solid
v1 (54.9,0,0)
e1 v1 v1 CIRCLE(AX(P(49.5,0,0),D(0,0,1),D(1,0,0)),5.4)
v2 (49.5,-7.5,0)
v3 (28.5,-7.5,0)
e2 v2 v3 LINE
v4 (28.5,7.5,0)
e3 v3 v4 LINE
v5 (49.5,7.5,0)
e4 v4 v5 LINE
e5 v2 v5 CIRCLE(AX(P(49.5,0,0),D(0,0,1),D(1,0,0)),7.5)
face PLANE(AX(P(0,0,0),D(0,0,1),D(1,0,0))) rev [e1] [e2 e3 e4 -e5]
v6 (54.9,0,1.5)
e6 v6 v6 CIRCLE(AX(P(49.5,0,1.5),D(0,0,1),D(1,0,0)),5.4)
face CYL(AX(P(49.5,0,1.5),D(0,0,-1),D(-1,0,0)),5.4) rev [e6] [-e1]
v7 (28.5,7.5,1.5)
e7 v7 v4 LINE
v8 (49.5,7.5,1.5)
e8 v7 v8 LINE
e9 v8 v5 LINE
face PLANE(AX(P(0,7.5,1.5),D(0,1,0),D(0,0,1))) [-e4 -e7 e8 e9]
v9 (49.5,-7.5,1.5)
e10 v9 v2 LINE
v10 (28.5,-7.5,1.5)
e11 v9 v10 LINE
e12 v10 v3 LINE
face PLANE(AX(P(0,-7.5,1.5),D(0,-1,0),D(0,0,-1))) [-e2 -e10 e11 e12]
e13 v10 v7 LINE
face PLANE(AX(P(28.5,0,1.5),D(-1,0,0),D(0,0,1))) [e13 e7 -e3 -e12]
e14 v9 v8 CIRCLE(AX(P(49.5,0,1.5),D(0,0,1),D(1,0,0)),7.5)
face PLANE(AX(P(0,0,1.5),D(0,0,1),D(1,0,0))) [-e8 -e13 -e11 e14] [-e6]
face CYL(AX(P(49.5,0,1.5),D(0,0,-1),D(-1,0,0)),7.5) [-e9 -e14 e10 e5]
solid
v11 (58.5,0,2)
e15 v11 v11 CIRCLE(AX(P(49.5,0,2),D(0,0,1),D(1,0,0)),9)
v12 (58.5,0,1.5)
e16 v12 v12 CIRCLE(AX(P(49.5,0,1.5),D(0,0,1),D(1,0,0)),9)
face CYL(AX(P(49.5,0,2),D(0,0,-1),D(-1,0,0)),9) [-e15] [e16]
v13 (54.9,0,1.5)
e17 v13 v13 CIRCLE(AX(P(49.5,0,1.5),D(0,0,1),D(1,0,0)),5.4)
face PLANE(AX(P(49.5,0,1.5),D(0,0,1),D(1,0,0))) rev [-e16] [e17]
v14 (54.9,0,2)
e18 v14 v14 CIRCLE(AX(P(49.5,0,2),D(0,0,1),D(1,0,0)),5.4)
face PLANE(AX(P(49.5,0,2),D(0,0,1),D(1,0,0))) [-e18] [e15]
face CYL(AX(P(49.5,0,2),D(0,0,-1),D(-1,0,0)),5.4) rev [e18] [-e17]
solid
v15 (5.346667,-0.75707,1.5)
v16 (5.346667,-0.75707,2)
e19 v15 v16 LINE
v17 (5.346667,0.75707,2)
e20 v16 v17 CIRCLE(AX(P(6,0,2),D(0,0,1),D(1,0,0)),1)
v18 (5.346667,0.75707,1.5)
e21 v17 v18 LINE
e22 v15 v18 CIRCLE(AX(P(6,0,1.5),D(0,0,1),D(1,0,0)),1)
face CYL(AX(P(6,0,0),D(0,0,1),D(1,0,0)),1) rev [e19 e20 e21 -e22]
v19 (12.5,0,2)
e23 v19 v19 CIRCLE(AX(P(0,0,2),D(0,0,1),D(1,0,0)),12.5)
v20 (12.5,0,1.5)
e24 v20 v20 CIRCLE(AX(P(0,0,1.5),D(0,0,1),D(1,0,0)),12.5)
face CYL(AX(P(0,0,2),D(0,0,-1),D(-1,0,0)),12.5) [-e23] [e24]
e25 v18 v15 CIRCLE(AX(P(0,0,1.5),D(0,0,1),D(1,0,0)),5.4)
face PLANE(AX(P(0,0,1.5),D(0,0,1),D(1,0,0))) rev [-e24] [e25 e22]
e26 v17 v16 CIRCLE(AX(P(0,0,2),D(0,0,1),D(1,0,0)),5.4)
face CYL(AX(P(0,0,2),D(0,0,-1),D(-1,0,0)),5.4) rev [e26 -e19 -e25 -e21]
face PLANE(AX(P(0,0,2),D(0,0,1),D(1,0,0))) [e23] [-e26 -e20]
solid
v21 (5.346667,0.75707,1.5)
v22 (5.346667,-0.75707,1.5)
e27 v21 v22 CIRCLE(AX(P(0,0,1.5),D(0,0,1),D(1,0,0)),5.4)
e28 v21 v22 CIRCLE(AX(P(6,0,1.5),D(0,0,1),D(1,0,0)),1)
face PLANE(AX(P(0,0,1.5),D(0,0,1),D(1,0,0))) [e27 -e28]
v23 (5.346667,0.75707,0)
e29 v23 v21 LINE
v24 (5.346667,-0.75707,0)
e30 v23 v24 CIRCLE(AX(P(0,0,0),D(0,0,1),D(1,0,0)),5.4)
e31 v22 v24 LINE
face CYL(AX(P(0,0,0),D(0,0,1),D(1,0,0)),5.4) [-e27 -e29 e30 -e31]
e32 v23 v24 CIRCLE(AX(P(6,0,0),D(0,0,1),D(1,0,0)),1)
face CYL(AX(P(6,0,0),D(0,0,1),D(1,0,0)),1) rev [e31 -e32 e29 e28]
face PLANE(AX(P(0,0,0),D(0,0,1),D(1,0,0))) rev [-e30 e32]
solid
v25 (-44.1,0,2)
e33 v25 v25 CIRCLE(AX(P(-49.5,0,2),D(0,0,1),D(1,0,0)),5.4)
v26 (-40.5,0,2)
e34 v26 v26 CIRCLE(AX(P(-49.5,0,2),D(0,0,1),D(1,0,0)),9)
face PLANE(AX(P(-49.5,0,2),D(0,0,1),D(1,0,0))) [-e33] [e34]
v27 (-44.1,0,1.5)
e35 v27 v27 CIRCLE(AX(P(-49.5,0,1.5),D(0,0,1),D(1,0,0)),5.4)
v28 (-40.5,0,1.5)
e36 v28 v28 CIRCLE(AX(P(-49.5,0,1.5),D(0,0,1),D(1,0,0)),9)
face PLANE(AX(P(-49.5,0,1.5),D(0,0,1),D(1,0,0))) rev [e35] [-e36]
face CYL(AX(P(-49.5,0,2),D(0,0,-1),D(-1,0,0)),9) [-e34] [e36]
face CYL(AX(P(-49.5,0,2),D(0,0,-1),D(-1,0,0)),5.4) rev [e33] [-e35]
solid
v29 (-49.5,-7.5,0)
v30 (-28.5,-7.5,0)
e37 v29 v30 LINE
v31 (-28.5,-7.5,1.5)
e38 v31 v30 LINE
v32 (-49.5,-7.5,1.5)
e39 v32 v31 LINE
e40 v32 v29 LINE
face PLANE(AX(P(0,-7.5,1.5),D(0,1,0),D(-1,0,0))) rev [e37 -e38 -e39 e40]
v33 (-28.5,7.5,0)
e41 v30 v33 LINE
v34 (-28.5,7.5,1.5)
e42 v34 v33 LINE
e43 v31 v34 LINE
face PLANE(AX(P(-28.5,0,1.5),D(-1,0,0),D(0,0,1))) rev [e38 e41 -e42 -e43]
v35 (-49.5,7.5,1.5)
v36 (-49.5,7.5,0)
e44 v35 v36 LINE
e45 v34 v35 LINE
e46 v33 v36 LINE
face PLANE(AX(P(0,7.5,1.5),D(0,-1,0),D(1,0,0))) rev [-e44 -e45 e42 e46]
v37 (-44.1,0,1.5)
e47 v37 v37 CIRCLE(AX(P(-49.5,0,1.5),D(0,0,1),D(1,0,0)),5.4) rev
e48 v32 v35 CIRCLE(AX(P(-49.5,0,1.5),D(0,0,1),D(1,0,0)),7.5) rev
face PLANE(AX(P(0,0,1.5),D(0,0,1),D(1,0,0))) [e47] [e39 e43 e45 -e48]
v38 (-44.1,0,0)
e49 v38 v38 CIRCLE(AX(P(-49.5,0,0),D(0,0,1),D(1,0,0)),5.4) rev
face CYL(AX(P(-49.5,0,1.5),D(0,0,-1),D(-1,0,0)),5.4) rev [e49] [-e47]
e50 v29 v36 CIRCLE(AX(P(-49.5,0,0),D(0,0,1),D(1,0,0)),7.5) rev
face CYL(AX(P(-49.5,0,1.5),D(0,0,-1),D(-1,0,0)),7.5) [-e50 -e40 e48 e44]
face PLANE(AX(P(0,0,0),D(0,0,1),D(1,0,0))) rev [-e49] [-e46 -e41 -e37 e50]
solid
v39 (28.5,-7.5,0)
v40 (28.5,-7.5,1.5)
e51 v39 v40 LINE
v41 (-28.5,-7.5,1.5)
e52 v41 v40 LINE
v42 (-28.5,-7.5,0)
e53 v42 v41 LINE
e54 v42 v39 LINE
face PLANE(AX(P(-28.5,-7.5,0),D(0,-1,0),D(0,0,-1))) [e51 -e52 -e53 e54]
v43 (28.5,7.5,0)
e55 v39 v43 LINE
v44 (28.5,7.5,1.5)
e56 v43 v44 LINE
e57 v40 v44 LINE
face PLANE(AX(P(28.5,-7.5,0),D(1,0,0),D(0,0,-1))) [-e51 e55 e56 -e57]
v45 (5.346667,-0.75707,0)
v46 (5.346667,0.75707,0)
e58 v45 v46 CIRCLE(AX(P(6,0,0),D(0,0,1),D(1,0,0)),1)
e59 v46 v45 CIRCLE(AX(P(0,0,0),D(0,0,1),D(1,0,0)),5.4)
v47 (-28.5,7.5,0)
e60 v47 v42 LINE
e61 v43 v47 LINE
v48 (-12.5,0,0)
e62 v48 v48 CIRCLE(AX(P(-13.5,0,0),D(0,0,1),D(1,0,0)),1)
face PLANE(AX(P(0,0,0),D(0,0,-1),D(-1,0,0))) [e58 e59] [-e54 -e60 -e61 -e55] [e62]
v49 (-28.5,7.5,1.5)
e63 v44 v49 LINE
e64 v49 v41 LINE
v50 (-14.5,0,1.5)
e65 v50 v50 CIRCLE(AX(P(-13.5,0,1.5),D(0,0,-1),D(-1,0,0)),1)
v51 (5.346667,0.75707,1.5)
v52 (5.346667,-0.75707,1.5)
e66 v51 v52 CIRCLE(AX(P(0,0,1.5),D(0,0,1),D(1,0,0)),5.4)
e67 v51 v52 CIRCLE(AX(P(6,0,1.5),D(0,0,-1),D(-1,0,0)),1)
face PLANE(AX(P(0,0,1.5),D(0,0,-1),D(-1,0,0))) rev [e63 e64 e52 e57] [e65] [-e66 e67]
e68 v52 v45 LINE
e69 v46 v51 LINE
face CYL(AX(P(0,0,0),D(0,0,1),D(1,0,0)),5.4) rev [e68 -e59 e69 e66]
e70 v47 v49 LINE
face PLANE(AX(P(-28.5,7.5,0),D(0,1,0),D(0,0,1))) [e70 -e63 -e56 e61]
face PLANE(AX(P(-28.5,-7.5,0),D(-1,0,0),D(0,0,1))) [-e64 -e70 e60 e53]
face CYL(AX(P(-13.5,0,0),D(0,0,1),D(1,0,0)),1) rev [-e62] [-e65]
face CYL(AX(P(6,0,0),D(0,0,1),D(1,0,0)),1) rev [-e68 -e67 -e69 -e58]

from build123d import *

# Parameters (mm, degrees)
SKETCH1_R               = 5.4
BOSS_EXTRUDE1_DEPTH     = 1.5
BOSS_EXTRUDE1_2_DEPTH   = 1.5
SKETCH2_W               = 57
SKETCH2_H               = 15
SKETCH2_R               = 5.4
BOSS_EXTRUDE2_DEPTH     = 1.5
SKETCH3_R               = 12.5
SKETCH3_R_2             = 5.4
BOSS_EXTRUDE3_DEPTH     = 0.5
SKETCH3_R_3             = 9
BOSS_EXTRUDE3_2_DEPTH   = 0.5
BOSS_EXTRUDE3_3_DEPTH   = 0.5
SKETCH4_R               = 5.4
BOSS_EXTRUDE4_DEPTH     = 1.5
SKETCH5_R               = 1
CUT_EXTRUDE1_DEPTH      = 1.5
CUT_EXTRUDE1_DEPTH_BACK = 2.5


with BuildPart() as part:
    # Sketch1 → Boss-Extrude1 (new body)
    with BuildSketch(Plane.XY):
        with BuildLine():
            ThreePointArc((-49.5, -7.5), (-57, 0), (-49.5, 7.5))
            Line((-49.5, 7.5), (-28.5, 7.5))
            Line((-28.5, 7.5), (-28.5, -7.5))
            Line((-28.5, -7.5), (-49.5, -7.5))
        make_face()
        with Locations((-49.5, 0)):
            Circle(SKETCH1_R, mode=Mode.SUBTRACT)
    extrude(amount=BOSS_EXTRUDE1_DEPTH)


with BuildPart() as body_2:
    # Sketch1 → Boss-Extrude1 2 (new body)
    with BuildSketch(Plane.XY):
        with BuildLine():
            Line((49.5, -7.5), (28.5, -7.5))
            Line((28.5, -7.5), (28.5, 7.5))
            Line((28.5, 7.5), (49.5, 7.5))
            ThreePointArc((49.5, 7.5), (57, 0), (49.5, -7.5))
        make_face()
        with Locations((49.5, 0)):
            Circle(SKETCH1_R, mode=Mode.SUBTRACT)
    extrude(amount=BOSS_EXTRUDE1_2_DEPTH)


with BuildPart() as body_3:
    # Sketch2 → Boss-Extrude2 (new body)
    with BuildSketch(Plane.XY.offset(1.5)):
        Rectangle(SKETCH2_W, SKETCH2_H)
        Circle(SKETCH2_R, mode=Mode.SUBTRACT)
    extrude(amount=-BOSS_EXTRUDE2_DEPTH)


with BuildPart() as body_4:
    # Sketch3 → Boss-Extrude3 (new body)
    with BuildSketch(Plane.XY.offset(1.5)):
        Circle(SKETCH3_R)
        Circle(SKETCH3_R_2, mode=Mode.SUBTRACT)
    extrude(amount=BOSS_EXTRUDE3_DEPTH)


with BuildPart() as body_5:
    # Sketch3 → Boss-Extrude3 2 (new body)
    with BuildSketch(Plane.XY.offset(1.5)):
        with Locations((49.5, 0)):
            Circle(SKETCH3_R_3)
        with Locations((49.5, 0)):
            Circle(SKETCH3_R_2, mode=Mode.SUBTRACT)
    extrude(amount=BOSS_EXTRUDE3_2_DEPTH)


with BuildPart() as body_6:
    # Sketch3 → Boss-Extrude3 3 (new body)
    with BuildSketch(Plane.XY.offset(1.5)):
        with Locations((-49.5, 0)):
            Circle(SKETCH3_R_3)
        with Locations((-49.5, 0)):
            Circle(SKETCH3_R_2, mode=Mode.SUBTRACT)
    extrude(amount=BOSS_EXTRUDE3_3_DEPTH)


with BuildPart() as body_7:
    # Sketch4 → Boss-Extrude4 (new body)
    with BuildSketch(Plane.XY.offset(1.5)):
        Circle(SKETCH4_R)
    extrude(amount=-BOSS_EXTRUDE4_DEPTH)


with BuildPart() as cut_extrude1_tool:
    # Sketch5 → Cut-Extrude1 (new body, two sides)
    with BuildSketch(Plane.XY.offset(1.5)) as cut_extrude1_sk:
        with Locations((-13.5, 0)):
            Circle(SKETCH5_R)
        with Locations((6, 0)):
            Circle(SKETCH5_R)
    extrude(amount=CUT_EXTRUDE1_DEPTH)
    extrude(cut_extrude1_sk.sketch, amount=-CUT_EXTRUDE1_DEPTH_BACK)


with BuildPart() as body_3_1:
    add(body_3.part)

    # Cut-Extrude1: cut by cut_extrude1_tool
    add(cut_extrude1_tool.part, mode=Mode.SUBTRACT)


with BuildPart() as body_4_1:
    add(body_4.part)

    # Cut-Extrude1: cut by cut_extrude1_tool
    add(cut_extrude1_tool.part, mode=Mode.SUBTRACT)


with BuildPart() as body_7_1:
    add(body_7.part)

    # Cut-Extrude1: cut by cut_extrude1_tool
    add(cut_extrude1_tool.part, mode=Mode.SUBTRACT)


solid = Compound([part.part, body_2.part, body_5.part, body_6.part, body_3_1.part, body_4_1.part, body_7_1.part])
